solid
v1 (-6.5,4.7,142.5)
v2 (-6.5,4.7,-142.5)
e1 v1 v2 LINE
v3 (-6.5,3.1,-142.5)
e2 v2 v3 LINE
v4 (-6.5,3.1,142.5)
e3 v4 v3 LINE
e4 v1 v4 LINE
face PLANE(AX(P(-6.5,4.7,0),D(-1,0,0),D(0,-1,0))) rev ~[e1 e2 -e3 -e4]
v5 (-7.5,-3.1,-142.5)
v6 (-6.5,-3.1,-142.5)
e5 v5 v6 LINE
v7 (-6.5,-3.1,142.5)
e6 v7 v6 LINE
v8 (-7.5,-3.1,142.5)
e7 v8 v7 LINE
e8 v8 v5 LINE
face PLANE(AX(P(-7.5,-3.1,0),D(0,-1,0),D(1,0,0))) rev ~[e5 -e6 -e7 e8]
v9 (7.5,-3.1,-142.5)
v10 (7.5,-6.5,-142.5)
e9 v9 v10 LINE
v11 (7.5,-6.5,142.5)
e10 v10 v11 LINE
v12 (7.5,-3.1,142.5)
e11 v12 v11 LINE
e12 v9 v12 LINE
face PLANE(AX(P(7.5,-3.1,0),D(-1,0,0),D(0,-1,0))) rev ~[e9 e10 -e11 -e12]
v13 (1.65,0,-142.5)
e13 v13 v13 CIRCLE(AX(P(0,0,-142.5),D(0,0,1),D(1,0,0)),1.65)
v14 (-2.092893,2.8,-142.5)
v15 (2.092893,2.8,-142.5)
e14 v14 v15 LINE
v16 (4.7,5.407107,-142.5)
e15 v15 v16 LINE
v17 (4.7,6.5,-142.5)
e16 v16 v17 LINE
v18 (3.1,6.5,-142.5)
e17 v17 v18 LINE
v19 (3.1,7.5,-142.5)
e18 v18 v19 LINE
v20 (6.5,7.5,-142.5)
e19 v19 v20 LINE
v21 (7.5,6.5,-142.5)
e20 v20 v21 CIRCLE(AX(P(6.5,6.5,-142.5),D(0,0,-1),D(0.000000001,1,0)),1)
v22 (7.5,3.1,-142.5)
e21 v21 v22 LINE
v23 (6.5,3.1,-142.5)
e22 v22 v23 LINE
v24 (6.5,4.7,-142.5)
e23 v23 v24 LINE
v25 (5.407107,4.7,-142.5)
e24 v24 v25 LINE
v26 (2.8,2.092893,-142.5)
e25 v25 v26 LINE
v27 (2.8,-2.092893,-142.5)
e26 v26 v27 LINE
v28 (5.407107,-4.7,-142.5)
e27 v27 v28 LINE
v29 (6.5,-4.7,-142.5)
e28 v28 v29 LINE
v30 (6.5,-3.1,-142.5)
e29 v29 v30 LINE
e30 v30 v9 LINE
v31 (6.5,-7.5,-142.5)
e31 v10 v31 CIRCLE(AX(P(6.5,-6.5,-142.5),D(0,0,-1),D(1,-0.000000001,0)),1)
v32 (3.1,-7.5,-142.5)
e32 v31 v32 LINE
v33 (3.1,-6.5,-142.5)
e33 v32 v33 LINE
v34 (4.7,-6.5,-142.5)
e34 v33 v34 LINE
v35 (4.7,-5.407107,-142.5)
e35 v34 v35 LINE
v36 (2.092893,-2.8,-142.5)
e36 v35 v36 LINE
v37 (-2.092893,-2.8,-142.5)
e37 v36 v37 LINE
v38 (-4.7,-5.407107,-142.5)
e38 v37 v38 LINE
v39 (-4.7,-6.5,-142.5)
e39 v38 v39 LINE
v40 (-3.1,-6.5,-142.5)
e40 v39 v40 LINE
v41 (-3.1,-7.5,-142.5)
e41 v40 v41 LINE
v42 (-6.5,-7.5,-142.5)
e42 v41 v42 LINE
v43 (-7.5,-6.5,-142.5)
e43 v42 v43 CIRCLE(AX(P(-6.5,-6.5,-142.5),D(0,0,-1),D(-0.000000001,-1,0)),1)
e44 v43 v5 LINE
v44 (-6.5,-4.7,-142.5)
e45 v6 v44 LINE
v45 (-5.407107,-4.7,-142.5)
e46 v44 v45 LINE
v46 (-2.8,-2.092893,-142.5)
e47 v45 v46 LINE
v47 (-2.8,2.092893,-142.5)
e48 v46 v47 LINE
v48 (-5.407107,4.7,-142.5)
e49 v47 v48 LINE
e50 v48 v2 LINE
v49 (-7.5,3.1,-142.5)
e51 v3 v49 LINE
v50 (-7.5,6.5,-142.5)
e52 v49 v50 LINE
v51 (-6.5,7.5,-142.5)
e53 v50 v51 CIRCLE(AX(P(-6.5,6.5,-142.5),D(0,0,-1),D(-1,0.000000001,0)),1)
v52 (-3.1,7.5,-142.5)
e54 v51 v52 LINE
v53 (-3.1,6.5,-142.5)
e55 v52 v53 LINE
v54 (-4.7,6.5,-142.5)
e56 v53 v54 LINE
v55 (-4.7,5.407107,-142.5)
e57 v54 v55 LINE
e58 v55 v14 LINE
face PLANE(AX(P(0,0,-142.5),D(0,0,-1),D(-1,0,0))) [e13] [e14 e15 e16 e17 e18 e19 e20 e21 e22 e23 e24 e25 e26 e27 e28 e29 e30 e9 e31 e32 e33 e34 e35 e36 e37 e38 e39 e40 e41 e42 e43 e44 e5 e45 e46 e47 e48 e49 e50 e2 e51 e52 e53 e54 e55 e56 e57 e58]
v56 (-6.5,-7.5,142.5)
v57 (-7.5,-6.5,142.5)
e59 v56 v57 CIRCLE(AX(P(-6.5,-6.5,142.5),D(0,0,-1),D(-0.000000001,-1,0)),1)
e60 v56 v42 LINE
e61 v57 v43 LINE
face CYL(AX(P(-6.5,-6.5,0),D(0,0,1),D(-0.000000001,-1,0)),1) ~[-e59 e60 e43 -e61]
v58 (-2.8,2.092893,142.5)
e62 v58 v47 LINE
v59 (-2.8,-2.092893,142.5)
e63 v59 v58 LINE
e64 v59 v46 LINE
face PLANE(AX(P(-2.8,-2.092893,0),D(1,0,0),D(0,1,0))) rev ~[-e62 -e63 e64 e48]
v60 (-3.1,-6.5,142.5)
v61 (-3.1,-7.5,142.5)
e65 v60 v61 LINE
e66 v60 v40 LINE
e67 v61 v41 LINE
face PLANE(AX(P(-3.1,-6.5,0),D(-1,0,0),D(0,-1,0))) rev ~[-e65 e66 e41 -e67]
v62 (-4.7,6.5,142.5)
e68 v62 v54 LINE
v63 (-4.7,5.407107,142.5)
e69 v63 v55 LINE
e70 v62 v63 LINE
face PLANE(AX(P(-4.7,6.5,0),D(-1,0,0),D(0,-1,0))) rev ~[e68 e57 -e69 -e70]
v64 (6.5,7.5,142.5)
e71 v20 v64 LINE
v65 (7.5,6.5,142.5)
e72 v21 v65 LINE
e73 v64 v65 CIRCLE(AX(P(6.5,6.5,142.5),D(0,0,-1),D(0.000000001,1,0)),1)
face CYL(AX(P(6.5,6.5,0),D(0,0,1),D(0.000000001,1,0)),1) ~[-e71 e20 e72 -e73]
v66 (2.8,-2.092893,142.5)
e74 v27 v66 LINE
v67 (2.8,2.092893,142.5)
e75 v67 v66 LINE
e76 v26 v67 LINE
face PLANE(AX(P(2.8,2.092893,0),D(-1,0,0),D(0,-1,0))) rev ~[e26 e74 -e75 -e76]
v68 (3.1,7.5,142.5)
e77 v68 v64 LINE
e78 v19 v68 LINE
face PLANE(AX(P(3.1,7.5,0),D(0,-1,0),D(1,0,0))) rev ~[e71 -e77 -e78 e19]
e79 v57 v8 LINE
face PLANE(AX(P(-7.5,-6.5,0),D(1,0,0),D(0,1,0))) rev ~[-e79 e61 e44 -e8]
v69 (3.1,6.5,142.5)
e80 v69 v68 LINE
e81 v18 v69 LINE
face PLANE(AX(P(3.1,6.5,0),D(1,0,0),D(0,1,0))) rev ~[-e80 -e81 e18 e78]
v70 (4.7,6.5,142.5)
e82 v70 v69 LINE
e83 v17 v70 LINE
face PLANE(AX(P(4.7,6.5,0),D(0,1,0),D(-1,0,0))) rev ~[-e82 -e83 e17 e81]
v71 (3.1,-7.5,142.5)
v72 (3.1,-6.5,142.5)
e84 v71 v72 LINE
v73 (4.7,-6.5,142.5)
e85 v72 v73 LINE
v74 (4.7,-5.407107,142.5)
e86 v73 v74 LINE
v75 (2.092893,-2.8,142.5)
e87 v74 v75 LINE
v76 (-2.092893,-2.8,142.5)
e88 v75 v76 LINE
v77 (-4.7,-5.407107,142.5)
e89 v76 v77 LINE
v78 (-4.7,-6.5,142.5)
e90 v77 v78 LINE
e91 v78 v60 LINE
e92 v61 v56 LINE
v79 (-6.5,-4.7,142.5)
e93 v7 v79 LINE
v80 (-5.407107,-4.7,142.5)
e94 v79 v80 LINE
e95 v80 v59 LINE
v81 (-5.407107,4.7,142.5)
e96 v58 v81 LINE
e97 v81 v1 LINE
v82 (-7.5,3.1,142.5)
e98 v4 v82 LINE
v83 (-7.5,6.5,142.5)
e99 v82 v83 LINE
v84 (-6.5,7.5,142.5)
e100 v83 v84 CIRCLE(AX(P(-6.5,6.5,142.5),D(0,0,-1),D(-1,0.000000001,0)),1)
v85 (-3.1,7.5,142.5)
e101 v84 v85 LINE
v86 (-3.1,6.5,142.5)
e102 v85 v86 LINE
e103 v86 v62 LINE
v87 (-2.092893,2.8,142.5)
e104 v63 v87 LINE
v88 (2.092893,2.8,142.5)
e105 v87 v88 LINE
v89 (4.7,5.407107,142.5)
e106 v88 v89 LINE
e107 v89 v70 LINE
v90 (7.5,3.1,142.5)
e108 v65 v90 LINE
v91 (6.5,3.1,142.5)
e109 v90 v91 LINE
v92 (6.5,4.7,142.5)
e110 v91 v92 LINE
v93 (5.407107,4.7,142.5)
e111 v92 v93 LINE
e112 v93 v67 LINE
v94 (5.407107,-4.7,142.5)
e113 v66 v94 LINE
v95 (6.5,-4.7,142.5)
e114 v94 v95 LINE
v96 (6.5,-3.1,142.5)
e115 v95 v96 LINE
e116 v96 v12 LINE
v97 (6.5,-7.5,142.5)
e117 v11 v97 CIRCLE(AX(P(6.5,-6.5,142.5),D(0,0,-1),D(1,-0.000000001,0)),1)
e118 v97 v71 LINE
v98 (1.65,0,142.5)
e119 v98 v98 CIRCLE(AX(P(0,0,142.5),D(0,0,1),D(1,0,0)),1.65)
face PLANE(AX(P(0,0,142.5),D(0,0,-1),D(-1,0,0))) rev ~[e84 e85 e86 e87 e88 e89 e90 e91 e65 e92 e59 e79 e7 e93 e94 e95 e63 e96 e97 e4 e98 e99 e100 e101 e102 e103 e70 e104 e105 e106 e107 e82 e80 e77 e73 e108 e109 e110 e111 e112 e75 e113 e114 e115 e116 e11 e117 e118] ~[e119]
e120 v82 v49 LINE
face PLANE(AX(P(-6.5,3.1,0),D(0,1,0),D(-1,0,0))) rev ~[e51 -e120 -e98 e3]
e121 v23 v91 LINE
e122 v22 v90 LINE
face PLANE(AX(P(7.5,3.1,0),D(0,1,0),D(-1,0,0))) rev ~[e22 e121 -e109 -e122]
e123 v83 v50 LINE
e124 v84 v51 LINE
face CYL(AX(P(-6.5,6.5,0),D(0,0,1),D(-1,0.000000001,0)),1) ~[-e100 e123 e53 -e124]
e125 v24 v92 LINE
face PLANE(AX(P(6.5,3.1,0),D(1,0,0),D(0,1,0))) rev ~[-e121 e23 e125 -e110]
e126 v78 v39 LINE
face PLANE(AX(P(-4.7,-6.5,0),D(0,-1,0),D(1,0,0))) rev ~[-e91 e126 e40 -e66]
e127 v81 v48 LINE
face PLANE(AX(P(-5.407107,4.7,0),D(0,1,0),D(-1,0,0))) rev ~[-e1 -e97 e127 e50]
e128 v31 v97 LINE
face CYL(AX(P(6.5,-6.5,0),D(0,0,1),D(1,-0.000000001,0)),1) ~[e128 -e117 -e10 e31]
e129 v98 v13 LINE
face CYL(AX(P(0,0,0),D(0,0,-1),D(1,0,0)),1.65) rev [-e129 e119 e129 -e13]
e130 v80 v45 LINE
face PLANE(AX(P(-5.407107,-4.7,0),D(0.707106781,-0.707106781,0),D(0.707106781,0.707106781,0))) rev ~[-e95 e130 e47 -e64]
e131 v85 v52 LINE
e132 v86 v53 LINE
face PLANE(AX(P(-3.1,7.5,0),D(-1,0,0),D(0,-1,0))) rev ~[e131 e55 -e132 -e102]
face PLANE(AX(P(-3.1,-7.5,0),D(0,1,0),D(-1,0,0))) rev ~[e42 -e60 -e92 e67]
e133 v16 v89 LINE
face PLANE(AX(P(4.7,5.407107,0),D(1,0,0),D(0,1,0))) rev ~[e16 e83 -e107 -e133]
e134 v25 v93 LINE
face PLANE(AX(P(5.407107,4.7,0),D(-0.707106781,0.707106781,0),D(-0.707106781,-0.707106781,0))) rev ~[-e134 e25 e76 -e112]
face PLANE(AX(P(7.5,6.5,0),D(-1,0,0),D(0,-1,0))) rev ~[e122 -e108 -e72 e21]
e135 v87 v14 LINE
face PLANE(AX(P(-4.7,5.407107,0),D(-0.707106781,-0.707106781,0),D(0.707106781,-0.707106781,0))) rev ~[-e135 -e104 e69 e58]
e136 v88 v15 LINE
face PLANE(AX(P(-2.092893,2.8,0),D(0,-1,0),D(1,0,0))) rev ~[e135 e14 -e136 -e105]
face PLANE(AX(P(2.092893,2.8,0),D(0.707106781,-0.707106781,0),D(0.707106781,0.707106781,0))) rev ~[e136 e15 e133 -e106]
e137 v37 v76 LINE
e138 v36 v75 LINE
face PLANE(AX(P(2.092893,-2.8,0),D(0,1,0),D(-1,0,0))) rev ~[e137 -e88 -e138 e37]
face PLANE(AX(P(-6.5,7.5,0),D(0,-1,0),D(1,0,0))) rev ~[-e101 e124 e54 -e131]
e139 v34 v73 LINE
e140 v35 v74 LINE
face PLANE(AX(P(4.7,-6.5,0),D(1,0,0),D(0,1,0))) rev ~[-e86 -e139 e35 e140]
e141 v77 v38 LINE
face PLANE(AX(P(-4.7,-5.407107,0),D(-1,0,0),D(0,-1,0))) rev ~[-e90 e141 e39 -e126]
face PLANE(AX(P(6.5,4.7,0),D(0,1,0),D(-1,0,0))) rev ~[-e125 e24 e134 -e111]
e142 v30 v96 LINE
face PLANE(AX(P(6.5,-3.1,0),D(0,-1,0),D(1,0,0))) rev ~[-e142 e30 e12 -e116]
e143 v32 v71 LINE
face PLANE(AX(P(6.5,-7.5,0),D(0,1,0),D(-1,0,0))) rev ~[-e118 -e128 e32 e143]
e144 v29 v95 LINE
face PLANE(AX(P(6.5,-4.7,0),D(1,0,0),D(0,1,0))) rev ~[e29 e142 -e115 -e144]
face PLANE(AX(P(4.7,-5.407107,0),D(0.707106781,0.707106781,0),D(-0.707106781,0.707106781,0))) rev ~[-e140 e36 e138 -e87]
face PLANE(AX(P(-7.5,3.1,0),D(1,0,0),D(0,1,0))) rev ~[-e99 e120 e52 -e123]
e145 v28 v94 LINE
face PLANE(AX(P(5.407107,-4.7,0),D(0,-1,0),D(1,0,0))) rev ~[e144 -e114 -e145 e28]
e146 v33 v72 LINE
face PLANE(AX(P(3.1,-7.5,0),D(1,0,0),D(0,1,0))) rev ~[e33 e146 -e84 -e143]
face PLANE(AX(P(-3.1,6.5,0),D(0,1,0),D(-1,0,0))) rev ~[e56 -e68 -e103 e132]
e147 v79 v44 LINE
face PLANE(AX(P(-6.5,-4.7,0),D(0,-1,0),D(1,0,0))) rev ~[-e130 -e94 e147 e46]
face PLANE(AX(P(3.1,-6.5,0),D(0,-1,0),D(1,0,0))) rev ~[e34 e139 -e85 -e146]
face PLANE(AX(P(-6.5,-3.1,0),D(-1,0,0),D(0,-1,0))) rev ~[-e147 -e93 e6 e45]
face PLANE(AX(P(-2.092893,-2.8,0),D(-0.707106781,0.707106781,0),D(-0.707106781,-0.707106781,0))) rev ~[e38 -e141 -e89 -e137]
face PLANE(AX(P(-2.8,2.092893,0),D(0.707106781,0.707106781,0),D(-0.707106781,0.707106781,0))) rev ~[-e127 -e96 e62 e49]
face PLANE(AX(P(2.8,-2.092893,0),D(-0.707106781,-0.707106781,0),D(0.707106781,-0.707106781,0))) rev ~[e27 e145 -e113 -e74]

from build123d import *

# Parameters (mm, degrees)
SKETCH_2_R      = 1.65
EXTRUDE_1_DEPTH = 142.5


with BuildPart() as part:
    # 草图2 → 凸台-拉伸1 (new, symmetric)
    with BuildSketch(Plane.XY):
        with BuildLine():
            Line((-2.092893219, -2.8), (-4.7, -5.407106781))
            Line((-4.7, -5.407106781), (-4.7, -6.5))
            Line((-4.7, -6.5), (-3.1, -6.5))
            Line((-3.1, -6.5), (-3.1, -7.5))
            Line((-3.1, -7.5), (-6.5, -7.5))
            ThreePointArc((-6.5, -7.5), (-7.207106781, -7.207106781), (-7.5, -6.5))
            Line((-7.5, -6.5), (-7.5, -3.1))
            Line((-7.5, -3.1), (-6.5, -3.1))
            Line((-6.5, -3.1), (-6.5, -4.7))
            Line((-6.5, -4.7), (-5.407106781, -4.7))
            Line((-5.407106781, -4.7), (-2.8, -2.092893219))
            Line((-2.8, -2.092893219), (-2.8, 2.092893219))
            Line((-2.8, 2.092893219), (-5.407106781, 4.7))
            Line((-5.407106781, 4.7), (-6.5, 4.7))
            Line((-6.5, 4.7), (-6.5, 3.1))
            Line((-6.5, 3.1), (-7.5, 3.1))
            Line((-7.5, 3.1), (-7.5, 6.5))
            ThreePointArc((-7.5, 6.5), (-7.207106781, 7.207106781), (-6.5, 7.5))
            Line((-6.5, 7.5), (-3.1, 7.5))
            Line((-3.1, 7.5), (-3.1, 6.5))
            Line((-3.1, 6.5), (-4.7, 6.5))
            Line((-4.7, 6.5), (-4.7, 5.407106781))
            Line((-4.7, 5.407106781), (-2.092893219, 2.8))
            Line((-2.092893219, 2.8), (2.092893219, 2.8))
            Line((2.092893219, 2.8), (4.7, 5.407106781))
            Line((4.7, 5.407106781), (4.7, 6.5))
            Line((4.7, 6.5), (3.1, 6.5))
            Line((3.1, 6.5), (3.1, 7.5))
            Line((3.1, 7.5), (6.5, 7.5))
            ThreePointArc((6.5, 7.5), (7.207106781, 7.207106781), (7.5, 6.5))
            Line((7.5, 6.5), (7.5, 3.1))
            Line((7.5, 3.1), (6.5, 3.1))
            Line((6.5, 3.1), (6.5, 4.7))
            Line((6.5, 4.7), (5.407106781, 4.7))
            Line((5.407106781, 4.7), (2.8, 2.092893219))
            Line((2.8, 2.092893219), (2.8, -2.092893219))
            Line((2.8, -2.092893219), (5.407106781, -4.7))
            Line((5.407106781, -4.7), (6.5, -4.7))
            Line((6.5, -4.7), (6.5, -3.1))
            Line((6.5, -3.1), (7.5, -3.1))
            Line((7.5, -3.1), (7.5, -6.5))
            ThreePointArc((7.5, -6.5), (7.207106781, -7.207106781), (6.5, -7.5))
            Line((6.5, -7.5), (3.1, -7.5))
            Line((3.1, -7.5), (3.1, -6.5))
            Line((3.1, -6.5), (4.7, -6.5))
            Line((4.7, -6.5), (4.7, -5.407106781))
            Line((4.7, -5.407106781), (2.092893219, -2.8))
            Line((2.092893219, -2.8), (-2.092893219, -2.8))
        make_face()
        Circle(SKETCH_2_R, mode=Mode.SUBTRACT)
    extrude(amount=EXTRUDE_1_DEPTH, both=True)


solid = part.part
